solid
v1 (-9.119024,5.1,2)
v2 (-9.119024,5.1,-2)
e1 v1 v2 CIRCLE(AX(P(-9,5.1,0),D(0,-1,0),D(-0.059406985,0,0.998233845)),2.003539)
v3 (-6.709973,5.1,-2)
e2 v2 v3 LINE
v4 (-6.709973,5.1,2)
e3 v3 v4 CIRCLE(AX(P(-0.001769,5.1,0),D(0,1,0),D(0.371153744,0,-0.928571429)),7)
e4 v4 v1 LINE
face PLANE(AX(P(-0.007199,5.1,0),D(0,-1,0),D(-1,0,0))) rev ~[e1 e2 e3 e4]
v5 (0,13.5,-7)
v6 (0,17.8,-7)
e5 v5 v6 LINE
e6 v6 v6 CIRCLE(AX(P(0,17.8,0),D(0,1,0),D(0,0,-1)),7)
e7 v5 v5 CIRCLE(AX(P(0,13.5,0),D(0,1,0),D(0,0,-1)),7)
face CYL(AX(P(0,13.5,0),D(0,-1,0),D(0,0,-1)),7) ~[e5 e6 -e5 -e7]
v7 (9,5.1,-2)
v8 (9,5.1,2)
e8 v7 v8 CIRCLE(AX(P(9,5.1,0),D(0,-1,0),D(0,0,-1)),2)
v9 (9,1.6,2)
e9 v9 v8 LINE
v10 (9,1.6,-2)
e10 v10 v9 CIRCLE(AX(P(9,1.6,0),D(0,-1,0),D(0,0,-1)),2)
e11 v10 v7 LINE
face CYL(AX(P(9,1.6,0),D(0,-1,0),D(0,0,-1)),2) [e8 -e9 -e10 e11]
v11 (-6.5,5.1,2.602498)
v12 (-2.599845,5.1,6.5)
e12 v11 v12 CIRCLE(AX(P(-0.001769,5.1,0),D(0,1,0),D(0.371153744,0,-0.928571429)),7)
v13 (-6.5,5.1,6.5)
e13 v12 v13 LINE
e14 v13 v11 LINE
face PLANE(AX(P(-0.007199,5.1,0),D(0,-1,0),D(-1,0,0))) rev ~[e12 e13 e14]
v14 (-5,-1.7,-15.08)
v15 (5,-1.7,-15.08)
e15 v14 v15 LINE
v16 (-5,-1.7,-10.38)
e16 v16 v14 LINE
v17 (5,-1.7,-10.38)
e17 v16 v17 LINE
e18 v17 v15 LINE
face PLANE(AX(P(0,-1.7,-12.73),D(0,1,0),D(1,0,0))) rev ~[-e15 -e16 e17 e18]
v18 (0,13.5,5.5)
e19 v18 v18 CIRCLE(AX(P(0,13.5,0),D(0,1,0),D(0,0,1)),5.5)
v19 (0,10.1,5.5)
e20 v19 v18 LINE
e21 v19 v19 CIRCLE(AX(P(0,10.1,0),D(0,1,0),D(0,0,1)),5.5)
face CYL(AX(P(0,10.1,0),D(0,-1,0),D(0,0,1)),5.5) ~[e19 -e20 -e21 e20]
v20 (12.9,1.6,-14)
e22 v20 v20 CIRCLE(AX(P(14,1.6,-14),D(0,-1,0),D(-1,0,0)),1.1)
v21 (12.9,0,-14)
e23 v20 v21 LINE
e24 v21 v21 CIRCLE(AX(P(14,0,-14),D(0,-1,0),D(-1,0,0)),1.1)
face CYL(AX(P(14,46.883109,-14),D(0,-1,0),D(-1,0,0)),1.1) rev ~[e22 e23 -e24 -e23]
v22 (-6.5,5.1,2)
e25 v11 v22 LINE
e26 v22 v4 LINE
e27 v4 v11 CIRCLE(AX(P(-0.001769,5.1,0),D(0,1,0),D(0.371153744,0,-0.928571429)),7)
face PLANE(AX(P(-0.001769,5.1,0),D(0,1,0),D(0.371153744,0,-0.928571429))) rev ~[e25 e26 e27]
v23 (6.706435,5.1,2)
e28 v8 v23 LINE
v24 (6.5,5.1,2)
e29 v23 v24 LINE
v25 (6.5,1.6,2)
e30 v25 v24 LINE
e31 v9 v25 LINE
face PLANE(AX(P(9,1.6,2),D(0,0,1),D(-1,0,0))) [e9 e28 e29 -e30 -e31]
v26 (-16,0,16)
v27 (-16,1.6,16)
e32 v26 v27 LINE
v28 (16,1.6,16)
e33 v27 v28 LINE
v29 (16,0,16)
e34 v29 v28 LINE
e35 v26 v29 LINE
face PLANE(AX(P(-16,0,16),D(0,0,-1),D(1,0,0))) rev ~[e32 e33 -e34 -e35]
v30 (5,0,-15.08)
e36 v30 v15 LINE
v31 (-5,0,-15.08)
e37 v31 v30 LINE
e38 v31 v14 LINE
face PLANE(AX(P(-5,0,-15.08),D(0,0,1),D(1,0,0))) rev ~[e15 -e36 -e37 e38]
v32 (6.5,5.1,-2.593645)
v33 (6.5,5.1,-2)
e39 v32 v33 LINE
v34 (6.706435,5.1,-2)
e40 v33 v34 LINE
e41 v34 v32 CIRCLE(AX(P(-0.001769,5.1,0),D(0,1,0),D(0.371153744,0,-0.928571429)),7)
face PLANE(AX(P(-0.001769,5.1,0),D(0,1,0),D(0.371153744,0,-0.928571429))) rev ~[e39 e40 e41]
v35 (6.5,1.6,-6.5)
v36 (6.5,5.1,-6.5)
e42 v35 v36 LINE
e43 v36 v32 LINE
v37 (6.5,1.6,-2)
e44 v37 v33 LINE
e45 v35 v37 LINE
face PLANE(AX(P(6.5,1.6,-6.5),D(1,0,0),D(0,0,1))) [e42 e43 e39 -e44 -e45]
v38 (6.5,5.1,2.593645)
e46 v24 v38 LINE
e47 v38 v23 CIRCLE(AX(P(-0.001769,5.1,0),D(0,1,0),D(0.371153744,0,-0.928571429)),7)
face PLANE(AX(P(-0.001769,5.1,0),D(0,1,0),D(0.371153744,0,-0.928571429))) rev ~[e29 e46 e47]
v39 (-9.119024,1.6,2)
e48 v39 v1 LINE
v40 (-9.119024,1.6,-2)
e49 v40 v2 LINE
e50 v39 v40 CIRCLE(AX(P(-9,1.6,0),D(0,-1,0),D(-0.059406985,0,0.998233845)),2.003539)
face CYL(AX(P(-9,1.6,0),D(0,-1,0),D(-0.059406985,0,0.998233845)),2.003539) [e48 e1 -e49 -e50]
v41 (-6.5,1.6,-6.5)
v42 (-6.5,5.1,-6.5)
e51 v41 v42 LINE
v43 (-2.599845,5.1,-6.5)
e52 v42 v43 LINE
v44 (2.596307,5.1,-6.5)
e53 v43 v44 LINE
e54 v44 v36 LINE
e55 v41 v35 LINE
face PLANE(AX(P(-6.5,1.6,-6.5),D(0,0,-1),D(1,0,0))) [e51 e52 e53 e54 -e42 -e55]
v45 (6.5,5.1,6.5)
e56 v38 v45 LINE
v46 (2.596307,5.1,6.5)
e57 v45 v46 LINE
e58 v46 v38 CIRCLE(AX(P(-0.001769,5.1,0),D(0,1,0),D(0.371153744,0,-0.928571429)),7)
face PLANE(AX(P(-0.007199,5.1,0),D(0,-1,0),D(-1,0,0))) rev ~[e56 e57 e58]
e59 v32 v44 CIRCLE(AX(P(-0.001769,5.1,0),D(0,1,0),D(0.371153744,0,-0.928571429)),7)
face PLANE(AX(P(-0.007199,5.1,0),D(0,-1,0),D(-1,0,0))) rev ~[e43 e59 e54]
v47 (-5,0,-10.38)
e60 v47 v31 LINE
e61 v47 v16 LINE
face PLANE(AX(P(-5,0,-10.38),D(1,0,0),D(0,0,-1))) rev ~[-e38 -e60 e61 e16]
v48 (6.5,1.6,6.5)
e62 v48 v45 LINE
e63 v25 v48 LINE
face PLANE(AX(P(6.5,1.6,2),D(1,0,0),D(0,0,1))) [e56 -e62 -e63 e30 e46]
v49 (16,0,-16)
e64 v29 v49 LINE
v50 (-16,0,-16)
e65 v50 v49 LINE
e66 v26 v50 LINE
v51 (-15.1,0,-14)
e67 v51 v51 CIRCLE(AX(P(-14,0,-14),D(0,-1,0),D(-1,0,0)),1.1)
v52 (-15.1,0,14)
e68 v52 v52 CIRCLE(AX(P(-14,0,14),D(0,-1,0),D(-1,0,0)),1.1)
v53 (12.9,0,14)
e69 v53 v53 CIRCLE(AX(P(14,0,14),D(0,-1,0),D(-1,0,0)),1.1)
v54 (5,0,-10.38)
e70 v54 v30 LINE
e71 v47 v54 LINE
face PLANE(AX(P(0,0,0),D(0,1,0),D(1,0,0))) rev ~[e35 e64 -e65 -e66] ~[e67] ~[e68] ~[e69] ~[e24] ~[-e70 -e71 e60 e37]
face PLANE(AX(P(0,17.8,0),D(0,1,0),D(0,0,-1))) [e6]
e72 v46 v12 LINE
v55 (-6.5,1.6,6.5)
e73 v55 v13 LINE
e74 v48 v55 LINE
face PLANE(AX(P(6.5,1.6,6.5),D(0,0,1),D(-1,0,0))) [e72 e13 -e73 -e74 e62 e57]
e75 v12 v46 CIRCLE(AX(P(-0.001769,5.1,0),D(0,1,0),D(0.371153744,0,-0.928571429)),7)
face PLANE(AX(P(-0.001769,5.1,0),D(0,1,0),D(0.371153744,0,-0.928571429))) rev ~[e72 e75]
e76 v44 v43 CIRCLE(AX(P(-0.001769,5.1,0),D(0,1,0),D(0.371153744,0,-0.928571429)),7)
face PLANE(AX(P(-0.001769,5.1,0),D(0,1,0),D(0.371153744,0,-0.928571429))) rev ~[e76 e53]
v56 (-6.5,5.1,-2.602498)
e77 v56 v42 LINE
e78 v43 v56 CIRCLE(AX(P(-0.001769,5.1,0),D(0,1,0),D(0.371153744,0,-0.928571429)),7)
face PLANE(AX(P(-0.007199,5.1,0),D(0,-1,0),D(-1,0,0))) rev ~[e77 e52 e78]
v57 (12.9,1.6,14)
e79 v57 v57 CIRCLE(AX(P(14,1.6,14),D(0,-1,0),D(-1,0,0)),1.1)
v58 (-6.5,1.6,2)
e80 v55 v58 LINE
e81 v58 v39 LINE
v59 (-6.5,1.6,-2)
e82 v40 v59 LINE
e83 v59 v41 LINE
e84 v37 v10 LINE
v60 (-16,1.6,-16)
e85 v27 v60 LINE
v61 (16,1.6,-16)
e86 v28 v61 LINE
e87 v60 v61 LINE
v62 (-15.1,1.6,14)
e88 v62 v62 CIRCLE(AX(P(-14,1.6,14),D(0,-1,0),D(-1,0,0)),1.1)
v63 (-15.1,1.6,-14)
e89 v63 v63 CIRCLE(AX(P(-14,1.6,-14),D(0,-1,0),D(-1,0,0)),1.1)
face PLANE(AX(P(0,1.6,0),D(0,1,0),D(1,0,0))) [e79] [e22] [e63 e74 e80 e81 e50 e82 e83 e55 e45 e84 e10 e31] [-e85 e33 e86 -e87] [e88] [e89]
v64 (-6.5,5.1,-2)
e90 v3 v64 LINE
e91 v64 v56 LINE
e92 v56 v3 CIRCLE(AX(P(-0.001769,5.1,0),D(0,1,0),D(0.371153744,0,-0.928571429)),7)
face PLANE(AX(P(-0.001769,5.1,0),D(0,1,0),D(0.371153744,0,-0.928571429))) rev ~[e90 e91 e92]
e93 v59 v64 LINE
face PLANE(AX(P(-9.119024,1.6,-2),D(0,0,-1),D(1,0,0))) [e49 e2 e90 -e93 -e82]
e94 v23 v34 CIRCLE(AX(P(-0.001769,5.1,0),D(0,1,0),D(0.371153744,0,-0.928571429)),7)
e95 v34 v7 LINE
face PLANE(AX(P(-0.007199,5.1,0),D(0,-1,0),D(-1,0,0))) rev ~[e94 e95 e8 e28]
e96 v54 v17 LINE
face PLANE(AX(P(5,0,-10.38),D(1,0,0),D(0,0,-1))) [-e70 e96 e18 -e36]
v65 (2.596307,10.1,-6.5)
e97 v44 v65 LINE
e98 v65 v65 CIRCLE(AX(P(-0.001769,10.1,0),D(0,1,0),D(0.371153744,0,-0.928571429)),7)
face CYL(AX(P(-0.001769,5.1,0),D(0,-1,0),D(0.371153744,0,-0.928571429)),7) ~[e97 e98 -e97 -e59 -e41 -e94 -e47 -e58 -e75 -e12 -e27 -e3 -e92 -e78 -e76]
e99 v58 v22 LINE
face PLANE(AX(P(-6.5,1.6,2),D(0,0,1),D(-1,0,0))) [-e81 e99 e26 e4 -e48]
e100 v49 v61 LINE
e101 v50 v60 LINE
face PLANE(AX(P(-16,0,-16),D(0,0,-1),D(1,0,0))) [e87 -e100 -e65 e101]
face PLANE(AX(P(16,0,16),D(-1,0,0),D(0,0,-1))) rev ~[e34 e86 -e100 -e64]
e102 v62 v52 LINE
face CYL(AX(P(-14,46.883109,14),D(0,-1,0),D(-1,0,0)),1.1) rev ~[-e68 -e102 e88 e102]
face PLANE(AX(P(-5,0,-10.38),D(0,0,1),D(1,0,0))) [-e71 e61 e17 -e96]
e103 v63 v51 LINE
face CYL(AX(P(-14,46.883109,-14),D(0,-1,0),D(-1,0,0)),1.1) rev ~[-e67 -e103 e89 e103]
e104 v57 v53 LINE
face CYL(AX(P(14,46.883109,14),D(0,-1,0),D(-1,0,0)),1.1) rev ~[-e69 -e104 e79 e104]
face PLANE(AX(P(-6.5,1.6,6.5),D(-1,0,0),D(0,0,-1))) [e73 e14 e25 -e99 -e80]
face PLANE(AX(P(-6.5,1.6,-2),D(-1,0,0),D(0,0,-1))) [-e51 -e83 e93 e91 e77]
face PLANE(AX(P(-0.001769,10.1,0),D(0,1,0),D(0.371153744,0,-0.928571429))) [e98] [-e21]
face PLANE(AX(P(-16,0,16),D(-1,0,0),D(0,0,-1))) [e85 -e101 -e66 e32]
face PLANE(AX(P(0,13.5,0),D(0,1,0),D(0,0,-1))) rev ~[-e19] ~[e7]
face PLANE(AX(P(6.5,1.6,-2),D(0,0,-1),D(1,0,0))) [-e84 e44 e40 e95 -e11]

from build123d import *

# Parameters (mm, degrees)
SKETCH_1_W         = 32
SKETCH_1_H         = 32
EXTRUDE_1_DEPTH    = 1.6
HOLE_WIZARD_M2_1_D = 2.2
SKETCH_4_W         = 10
SKETCH_4_H         = 4.7
EXTRUDE_2_DEPTH    = 1.7
EXTRUDE_4_DEPTH    = 3.5
SKETCH_7_R         = 7
EXTRUDE_5_DEPTH    = 5
SKETCH_8_R         = 5.5
EXTRUDE_6_DEPTH    = 3.4
SKETCH_9_R         = 7
EXTRUDE_7_DEPTH    = 4.3


with BuildPart() as part:
    # 草图1 → 凸台-拉伸1 (new body)
    with BuildSketch(Plane(origin=(0, 0, 0), x_dir=(1, 0, 0), z_dir=(0, 1, 0))):
        Rectangle(SKETCH_1_W, SKETCH_1_H)
    extrude(amount=EXTRUDE_1_DEPTH)

    # M2 间隙孔1 (through all)
    with Locations(Plane(origin=(0, 1.6, 0), x_dir=(1, 0, 0), z_dir=(0, 1, 0))):
        with Locations((-14, 14), (14, 14), (14, -14), (-14, -14)):
            Hole(HOLE_WIZARD_M2_1_D / 2)

    # 草图4 → 凸台-拉伸2 (add)
    with BuildSketch(Plane(origin=(0, 0, 0), x_dir=(1, 0, 0), z_dir=(0, 1, 0))):
        with Locations((0, 12.73)):
            Rectangle(SKETCH_4_W, SKETCH_4_H)
    extrude(amount=-EXTRUDE_2_DEPTH)

    # 草图6 → 凸台-拉伸4 (add)
    with BuildSketch(Plane(origin=(0, 1.6, 0), x_dir=(1, 0, 0), z_dir=(0, 1, 0))):
        with BuildLine():
            Line((-6.5, 6.5), (6.5, 6.5))
            Line((6.5, 6.5), (6.5, 2))
            Line((6.5, 2), (9, 2))
            ThreePointArc((9, 2), (11, 0), (9, -2))
            Line((9, -2), (6.5, -2))
            Line((6.5, -2), (6.5, -6.5))
            Line((6.5, -6.5), (-6.5, -6.5))
            Line((-6.5, -6.5), (-6.5, -2))
            Line((-6.5, -2), (-9.119024186, -2))
            ThreePointArc((-9.119024186, -2), (-11.003538559, 0), (-9.119024186, 2))
            Line((-9.119024186, 2), (-6.5, 2))
            Line((-6.5, 2), (-6.5, 6.5))
        make_face()
    extrude(amount=EXTRUDE_4_DEPTH)

    # 草图7 → 凸台-拉伸5 (add)
    with BuildSketch(Plane(origin=(0, 5.1, 0), x_dir=(1, 0, 0), z_dir=(0, 1, 0))):
        with Locations(Location((-0.001769279, 0, 0), (0, 0, 68.213210702))):
            Circle(SKETCH_7_R)
    extrude(amount=EXTRUDE_5_DEPTH)

    # 草图8 → 凸台-拉伸6 (add)
    with BuildSketch(Plane(origin=(0, 10.1, 0), x_dir=(1, 0, 0), z_dir=(0, 1, 0))):
        with Locations(Location((0, 0, 0), (0, 0, 270))):
            Circle(SKETCH_8_R)
    extrude(amount=EXTRUDE_6_DEPTH)

    # 草图9 → 凸台-拉伸7 (add)
    with BuildSketch(Plane(origin=(0, 13.5, 0), x_dir=(1, 0, 0), z_dir=(0, 1, 0))):
        with Locations(Location((0, 0, 0), (0, 0, 90))):
            Circle(SKETCH_9_R)
    extrude(amount=EXTRUDE_7_DEPTH)


solid = part.part
